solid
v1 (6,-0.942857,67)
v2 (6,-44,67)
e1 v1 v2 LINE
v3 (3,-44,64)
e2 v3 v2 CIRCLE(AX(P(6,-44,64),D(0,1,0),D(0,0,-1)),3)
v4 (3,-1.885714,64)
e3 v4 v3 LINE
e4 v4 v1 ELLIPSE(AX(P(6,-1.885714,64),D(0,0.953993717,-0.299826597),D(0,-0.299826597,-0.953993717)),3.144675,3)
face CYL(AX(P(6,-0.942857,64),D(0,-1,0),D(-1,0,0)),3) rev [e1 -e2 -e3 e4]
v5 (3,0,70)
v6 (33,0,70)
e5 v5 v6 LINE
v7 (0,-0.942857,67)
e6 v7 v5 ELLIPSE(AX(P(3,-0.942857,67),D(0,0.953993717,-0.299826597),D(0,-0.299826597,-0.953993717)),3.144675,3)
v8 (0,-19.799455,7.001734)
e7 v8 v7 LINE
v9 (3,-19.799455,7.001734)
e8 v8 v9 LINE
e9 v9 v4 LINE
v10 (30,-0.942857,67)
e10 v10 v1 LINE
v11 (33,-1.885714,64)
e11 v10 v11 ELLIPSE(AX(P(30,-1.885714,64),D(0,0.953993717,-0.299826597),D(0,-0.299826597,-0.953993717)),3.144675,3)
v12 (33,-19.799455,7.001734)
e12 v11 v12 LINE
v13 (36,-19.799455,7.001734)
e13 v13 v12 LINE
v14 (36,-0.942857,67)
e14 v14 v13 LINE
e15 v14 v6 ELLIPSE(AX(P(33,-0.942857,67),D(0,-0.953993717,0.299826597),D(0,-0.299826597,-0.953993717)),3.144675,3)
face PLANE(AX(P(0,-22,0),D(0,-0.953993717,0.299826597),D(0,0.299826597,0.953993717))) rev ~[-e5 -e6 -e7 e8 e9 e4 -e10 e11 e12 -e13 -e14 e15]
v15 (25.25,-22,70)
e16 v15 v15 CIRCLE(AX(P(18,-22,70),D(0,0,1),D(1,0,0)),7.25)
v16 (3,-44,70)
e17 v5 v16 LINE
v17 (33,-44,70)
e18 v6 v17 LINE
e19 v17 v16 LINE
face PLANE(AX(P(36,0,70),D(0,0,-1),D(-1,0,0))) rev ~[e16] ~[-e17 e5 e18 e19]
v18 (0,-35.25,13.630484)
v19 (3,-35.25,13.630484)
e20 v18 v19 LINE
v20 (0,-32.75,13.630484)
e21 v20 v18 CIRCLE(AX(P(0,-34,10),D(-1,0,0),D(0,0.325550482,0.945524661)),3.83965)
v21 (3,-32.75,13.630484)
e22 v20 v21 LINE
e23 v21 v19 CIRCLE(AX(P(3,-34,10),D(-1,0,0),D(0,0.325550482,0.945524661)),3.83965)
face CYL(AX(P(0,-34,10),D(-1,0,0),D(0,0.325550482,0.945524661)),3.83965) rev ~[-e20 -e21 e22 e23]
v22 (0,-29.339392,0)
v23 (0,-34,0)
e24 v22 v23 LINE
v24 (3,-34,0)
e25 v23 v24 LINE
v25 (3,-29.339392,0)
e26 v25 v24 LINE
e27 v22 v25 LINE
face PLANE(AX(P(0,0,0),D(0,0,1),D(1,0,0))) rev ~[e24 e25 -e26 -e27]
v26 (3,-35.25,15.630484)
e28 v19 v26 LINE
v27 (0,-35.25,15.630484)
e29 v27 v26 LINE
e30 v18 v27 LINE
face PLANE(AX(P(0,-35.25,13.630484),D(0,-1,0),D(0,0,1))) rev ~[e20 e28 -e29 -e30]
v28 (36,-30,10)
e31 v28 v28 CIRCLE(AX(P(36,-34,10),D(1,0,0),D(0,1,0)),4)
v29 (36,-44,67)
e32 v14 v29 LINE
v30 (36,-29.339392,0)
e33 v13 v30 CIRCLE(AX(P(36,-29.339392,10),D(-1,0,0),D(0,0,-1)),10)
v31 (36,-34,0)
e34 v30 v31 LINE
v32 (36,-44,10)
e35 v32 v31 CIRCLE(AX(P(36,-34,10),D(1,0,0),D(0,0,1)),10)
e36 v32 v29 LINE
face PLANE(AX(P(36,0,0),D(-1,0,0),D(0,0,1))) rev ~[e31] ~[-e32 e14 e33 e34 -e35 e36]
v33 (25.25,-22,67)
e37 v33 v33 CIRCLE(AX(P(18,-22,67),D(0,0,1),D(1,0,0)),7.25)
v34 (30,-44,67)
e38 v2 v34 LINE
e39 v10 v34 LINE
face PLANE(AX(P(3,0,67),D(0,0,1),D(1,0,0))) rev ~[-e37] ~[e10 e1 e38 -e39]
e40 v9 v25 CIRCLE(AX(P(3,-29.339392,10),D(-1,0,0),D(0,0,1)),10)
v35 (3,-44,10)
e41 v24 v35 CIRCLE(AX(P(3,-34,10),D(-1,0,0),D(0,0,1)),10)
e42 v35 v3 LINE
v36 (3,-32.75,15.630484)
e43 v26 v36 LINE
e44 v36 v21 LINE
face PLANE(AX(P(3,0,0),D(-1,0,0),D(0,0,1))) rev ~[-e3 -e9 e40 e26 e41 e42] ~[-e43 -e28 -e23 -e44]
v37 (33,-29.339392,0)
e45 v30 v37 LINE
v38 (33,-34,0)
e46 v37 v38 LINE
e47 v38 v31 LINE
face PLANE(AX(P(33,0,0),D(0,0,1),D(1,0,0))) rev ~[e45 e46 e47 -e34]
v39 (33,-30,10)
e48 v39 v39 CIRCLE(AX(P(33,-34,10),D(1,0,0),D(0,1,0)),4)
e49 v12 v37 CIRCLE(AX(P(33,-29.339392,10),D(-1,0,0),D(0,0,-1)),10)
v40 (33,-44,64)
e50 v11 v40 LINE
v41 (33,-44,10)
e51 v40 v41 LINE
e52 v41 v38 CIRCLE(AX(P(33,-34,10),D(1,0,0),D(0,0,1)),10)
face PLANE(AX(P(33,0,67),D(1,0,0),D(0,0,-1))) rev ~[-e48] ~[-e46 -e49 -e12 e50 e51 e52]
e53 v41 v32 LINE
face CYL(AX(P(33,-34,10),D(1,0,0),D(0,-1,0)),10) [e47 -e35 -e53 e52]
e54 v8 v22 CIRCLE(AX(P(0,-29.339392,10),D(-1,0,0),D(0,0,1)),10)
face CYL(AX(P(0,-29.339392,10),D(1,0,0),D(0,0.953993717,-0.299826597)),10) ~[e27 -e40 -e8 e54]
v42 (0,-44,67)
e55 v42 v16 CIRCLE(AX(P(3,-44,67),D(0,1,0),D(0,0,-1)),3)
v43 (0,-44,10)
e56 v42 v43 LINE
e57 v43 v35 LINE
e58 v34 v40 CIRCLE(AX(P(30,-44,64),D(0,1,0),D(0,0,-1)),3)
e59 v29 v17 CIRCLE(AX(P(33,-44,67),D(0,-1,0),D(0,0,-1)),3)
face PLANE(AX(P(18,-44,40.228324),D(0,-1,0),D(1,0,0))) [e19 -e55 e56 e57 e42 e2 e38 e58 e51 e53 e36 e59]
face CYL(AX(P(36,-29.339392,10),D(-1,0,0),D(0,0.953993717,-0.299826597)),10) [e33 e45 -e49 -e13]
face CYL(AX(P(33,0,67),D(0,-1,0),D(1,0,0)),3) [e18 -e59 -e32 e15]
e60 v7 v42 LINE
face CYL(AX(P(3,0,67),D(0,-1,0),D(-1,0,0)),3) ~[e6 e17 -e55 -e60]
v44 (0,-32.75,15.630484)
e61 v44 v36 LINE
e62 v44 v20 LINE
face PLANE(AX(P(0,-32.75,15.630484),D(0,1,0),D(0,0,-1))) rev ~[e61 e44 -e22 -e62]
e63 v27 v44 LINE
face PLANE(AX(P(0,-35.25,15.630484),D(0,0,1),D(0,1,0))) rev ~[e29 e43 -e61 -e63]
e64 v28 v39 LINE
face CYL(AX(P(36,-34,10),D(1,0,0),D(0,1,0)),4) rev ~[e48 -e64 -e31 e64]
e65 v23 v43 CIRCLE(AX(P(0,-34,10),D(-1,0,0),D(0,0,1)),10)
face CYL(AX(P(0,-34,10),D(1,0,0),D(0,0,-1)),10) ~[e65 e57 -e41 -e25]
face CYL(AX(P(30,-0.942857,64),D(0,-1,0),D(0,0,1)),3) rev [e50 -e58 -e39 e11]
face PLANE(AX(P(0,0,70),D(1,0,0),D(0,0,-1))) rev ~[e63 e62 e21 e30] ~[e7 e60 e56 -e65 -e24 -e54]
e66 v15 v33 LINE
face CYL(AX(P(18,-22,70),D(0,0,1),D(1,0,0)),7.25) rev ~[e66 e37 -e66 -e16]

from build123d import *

# Parameters (mm, degrees)
F1_DEPTH = 44
F2_R     = 4
F3_DEPTH = 25
F5_DEPTH = 25
F6_R     = 3
F7_R     = 10
F8_R     = 7.25
F9_DEPTH = 25


with BuildPart() as f1:
    # F0 (on Front) → F1 (new body)
    with BuildSketch(Plane.XZ):
        Polygon((0, 70), (0, 0), (3, 0), (3, 67), (33, 67), (33, 0), (36, 0), (36, 70), align=None)
    extrude(amount=F1_DEPTH)

    # F2 (on face) → F3 (cut)
    with BuildSketch(Plane.YZ.offset(36)):
        with Locations((-34, 10)):
            Circle(F2_R)
        Polygon((0, 0), (0, 70), (-22, 0), align=None)
    extrude(amount=-F3_DEPTH, mode=Mode.SUBTRACT)

    # F4 (on face) → F5 (cut)
    with BuildSketch(Plane(origin=(0, 0, 0), x_dir=(0, -1, 0), z_dir=(-1, 0, 0))):
        Polygon((22, 0), (0, 70), (0, 0), align=None)
        with BuildLine():
            Line((32.75, 15.6304840334), (32.75, 13.6304840334))
            ThreePointArc((32.75, 13.6304840334), (34, 6.1603497142), (35.25, 13.6304840334))
            Line((35.25, 13.6304840334), (35.25, 15.6304840334))
            Line((35.25, 15.6304840334), (32.75, 15.6304840334))
        make_face()
    extrude(amount=-F5_DEPTH, mode=Mode.SUBTRACT)

    # F6
    f6_edges = [f1.edges().sort_by_distance(p)[0] for p in [
        (33, -22.471429, 67),
        (3, -22.471429, 67),
        (36, -22, 70),
        (0, -22, 70),
    ]]
    fillet(f6_edges, radius=F6_R)

    # F7
    f7_edges = [f1.edges().sort_by_distance(p)[0] for p in [
        (1.5, -22, 0),
        (1.5, -44, 0),
        (34.5, -44, 0),
        (34.5, -22, 0),
    ]]
    fillet(f7_edges, radius=F7_R)

    # F8 (on face) → F9 (cut)
    with BuildSketch(Plane.XY.offset(70)):
        with Locations((18, -22)):
            Circle(F8_R)
    extrude(amount=-F9_DEPTH, mode=Mode.SUBTRACT)


solid = f1.part
